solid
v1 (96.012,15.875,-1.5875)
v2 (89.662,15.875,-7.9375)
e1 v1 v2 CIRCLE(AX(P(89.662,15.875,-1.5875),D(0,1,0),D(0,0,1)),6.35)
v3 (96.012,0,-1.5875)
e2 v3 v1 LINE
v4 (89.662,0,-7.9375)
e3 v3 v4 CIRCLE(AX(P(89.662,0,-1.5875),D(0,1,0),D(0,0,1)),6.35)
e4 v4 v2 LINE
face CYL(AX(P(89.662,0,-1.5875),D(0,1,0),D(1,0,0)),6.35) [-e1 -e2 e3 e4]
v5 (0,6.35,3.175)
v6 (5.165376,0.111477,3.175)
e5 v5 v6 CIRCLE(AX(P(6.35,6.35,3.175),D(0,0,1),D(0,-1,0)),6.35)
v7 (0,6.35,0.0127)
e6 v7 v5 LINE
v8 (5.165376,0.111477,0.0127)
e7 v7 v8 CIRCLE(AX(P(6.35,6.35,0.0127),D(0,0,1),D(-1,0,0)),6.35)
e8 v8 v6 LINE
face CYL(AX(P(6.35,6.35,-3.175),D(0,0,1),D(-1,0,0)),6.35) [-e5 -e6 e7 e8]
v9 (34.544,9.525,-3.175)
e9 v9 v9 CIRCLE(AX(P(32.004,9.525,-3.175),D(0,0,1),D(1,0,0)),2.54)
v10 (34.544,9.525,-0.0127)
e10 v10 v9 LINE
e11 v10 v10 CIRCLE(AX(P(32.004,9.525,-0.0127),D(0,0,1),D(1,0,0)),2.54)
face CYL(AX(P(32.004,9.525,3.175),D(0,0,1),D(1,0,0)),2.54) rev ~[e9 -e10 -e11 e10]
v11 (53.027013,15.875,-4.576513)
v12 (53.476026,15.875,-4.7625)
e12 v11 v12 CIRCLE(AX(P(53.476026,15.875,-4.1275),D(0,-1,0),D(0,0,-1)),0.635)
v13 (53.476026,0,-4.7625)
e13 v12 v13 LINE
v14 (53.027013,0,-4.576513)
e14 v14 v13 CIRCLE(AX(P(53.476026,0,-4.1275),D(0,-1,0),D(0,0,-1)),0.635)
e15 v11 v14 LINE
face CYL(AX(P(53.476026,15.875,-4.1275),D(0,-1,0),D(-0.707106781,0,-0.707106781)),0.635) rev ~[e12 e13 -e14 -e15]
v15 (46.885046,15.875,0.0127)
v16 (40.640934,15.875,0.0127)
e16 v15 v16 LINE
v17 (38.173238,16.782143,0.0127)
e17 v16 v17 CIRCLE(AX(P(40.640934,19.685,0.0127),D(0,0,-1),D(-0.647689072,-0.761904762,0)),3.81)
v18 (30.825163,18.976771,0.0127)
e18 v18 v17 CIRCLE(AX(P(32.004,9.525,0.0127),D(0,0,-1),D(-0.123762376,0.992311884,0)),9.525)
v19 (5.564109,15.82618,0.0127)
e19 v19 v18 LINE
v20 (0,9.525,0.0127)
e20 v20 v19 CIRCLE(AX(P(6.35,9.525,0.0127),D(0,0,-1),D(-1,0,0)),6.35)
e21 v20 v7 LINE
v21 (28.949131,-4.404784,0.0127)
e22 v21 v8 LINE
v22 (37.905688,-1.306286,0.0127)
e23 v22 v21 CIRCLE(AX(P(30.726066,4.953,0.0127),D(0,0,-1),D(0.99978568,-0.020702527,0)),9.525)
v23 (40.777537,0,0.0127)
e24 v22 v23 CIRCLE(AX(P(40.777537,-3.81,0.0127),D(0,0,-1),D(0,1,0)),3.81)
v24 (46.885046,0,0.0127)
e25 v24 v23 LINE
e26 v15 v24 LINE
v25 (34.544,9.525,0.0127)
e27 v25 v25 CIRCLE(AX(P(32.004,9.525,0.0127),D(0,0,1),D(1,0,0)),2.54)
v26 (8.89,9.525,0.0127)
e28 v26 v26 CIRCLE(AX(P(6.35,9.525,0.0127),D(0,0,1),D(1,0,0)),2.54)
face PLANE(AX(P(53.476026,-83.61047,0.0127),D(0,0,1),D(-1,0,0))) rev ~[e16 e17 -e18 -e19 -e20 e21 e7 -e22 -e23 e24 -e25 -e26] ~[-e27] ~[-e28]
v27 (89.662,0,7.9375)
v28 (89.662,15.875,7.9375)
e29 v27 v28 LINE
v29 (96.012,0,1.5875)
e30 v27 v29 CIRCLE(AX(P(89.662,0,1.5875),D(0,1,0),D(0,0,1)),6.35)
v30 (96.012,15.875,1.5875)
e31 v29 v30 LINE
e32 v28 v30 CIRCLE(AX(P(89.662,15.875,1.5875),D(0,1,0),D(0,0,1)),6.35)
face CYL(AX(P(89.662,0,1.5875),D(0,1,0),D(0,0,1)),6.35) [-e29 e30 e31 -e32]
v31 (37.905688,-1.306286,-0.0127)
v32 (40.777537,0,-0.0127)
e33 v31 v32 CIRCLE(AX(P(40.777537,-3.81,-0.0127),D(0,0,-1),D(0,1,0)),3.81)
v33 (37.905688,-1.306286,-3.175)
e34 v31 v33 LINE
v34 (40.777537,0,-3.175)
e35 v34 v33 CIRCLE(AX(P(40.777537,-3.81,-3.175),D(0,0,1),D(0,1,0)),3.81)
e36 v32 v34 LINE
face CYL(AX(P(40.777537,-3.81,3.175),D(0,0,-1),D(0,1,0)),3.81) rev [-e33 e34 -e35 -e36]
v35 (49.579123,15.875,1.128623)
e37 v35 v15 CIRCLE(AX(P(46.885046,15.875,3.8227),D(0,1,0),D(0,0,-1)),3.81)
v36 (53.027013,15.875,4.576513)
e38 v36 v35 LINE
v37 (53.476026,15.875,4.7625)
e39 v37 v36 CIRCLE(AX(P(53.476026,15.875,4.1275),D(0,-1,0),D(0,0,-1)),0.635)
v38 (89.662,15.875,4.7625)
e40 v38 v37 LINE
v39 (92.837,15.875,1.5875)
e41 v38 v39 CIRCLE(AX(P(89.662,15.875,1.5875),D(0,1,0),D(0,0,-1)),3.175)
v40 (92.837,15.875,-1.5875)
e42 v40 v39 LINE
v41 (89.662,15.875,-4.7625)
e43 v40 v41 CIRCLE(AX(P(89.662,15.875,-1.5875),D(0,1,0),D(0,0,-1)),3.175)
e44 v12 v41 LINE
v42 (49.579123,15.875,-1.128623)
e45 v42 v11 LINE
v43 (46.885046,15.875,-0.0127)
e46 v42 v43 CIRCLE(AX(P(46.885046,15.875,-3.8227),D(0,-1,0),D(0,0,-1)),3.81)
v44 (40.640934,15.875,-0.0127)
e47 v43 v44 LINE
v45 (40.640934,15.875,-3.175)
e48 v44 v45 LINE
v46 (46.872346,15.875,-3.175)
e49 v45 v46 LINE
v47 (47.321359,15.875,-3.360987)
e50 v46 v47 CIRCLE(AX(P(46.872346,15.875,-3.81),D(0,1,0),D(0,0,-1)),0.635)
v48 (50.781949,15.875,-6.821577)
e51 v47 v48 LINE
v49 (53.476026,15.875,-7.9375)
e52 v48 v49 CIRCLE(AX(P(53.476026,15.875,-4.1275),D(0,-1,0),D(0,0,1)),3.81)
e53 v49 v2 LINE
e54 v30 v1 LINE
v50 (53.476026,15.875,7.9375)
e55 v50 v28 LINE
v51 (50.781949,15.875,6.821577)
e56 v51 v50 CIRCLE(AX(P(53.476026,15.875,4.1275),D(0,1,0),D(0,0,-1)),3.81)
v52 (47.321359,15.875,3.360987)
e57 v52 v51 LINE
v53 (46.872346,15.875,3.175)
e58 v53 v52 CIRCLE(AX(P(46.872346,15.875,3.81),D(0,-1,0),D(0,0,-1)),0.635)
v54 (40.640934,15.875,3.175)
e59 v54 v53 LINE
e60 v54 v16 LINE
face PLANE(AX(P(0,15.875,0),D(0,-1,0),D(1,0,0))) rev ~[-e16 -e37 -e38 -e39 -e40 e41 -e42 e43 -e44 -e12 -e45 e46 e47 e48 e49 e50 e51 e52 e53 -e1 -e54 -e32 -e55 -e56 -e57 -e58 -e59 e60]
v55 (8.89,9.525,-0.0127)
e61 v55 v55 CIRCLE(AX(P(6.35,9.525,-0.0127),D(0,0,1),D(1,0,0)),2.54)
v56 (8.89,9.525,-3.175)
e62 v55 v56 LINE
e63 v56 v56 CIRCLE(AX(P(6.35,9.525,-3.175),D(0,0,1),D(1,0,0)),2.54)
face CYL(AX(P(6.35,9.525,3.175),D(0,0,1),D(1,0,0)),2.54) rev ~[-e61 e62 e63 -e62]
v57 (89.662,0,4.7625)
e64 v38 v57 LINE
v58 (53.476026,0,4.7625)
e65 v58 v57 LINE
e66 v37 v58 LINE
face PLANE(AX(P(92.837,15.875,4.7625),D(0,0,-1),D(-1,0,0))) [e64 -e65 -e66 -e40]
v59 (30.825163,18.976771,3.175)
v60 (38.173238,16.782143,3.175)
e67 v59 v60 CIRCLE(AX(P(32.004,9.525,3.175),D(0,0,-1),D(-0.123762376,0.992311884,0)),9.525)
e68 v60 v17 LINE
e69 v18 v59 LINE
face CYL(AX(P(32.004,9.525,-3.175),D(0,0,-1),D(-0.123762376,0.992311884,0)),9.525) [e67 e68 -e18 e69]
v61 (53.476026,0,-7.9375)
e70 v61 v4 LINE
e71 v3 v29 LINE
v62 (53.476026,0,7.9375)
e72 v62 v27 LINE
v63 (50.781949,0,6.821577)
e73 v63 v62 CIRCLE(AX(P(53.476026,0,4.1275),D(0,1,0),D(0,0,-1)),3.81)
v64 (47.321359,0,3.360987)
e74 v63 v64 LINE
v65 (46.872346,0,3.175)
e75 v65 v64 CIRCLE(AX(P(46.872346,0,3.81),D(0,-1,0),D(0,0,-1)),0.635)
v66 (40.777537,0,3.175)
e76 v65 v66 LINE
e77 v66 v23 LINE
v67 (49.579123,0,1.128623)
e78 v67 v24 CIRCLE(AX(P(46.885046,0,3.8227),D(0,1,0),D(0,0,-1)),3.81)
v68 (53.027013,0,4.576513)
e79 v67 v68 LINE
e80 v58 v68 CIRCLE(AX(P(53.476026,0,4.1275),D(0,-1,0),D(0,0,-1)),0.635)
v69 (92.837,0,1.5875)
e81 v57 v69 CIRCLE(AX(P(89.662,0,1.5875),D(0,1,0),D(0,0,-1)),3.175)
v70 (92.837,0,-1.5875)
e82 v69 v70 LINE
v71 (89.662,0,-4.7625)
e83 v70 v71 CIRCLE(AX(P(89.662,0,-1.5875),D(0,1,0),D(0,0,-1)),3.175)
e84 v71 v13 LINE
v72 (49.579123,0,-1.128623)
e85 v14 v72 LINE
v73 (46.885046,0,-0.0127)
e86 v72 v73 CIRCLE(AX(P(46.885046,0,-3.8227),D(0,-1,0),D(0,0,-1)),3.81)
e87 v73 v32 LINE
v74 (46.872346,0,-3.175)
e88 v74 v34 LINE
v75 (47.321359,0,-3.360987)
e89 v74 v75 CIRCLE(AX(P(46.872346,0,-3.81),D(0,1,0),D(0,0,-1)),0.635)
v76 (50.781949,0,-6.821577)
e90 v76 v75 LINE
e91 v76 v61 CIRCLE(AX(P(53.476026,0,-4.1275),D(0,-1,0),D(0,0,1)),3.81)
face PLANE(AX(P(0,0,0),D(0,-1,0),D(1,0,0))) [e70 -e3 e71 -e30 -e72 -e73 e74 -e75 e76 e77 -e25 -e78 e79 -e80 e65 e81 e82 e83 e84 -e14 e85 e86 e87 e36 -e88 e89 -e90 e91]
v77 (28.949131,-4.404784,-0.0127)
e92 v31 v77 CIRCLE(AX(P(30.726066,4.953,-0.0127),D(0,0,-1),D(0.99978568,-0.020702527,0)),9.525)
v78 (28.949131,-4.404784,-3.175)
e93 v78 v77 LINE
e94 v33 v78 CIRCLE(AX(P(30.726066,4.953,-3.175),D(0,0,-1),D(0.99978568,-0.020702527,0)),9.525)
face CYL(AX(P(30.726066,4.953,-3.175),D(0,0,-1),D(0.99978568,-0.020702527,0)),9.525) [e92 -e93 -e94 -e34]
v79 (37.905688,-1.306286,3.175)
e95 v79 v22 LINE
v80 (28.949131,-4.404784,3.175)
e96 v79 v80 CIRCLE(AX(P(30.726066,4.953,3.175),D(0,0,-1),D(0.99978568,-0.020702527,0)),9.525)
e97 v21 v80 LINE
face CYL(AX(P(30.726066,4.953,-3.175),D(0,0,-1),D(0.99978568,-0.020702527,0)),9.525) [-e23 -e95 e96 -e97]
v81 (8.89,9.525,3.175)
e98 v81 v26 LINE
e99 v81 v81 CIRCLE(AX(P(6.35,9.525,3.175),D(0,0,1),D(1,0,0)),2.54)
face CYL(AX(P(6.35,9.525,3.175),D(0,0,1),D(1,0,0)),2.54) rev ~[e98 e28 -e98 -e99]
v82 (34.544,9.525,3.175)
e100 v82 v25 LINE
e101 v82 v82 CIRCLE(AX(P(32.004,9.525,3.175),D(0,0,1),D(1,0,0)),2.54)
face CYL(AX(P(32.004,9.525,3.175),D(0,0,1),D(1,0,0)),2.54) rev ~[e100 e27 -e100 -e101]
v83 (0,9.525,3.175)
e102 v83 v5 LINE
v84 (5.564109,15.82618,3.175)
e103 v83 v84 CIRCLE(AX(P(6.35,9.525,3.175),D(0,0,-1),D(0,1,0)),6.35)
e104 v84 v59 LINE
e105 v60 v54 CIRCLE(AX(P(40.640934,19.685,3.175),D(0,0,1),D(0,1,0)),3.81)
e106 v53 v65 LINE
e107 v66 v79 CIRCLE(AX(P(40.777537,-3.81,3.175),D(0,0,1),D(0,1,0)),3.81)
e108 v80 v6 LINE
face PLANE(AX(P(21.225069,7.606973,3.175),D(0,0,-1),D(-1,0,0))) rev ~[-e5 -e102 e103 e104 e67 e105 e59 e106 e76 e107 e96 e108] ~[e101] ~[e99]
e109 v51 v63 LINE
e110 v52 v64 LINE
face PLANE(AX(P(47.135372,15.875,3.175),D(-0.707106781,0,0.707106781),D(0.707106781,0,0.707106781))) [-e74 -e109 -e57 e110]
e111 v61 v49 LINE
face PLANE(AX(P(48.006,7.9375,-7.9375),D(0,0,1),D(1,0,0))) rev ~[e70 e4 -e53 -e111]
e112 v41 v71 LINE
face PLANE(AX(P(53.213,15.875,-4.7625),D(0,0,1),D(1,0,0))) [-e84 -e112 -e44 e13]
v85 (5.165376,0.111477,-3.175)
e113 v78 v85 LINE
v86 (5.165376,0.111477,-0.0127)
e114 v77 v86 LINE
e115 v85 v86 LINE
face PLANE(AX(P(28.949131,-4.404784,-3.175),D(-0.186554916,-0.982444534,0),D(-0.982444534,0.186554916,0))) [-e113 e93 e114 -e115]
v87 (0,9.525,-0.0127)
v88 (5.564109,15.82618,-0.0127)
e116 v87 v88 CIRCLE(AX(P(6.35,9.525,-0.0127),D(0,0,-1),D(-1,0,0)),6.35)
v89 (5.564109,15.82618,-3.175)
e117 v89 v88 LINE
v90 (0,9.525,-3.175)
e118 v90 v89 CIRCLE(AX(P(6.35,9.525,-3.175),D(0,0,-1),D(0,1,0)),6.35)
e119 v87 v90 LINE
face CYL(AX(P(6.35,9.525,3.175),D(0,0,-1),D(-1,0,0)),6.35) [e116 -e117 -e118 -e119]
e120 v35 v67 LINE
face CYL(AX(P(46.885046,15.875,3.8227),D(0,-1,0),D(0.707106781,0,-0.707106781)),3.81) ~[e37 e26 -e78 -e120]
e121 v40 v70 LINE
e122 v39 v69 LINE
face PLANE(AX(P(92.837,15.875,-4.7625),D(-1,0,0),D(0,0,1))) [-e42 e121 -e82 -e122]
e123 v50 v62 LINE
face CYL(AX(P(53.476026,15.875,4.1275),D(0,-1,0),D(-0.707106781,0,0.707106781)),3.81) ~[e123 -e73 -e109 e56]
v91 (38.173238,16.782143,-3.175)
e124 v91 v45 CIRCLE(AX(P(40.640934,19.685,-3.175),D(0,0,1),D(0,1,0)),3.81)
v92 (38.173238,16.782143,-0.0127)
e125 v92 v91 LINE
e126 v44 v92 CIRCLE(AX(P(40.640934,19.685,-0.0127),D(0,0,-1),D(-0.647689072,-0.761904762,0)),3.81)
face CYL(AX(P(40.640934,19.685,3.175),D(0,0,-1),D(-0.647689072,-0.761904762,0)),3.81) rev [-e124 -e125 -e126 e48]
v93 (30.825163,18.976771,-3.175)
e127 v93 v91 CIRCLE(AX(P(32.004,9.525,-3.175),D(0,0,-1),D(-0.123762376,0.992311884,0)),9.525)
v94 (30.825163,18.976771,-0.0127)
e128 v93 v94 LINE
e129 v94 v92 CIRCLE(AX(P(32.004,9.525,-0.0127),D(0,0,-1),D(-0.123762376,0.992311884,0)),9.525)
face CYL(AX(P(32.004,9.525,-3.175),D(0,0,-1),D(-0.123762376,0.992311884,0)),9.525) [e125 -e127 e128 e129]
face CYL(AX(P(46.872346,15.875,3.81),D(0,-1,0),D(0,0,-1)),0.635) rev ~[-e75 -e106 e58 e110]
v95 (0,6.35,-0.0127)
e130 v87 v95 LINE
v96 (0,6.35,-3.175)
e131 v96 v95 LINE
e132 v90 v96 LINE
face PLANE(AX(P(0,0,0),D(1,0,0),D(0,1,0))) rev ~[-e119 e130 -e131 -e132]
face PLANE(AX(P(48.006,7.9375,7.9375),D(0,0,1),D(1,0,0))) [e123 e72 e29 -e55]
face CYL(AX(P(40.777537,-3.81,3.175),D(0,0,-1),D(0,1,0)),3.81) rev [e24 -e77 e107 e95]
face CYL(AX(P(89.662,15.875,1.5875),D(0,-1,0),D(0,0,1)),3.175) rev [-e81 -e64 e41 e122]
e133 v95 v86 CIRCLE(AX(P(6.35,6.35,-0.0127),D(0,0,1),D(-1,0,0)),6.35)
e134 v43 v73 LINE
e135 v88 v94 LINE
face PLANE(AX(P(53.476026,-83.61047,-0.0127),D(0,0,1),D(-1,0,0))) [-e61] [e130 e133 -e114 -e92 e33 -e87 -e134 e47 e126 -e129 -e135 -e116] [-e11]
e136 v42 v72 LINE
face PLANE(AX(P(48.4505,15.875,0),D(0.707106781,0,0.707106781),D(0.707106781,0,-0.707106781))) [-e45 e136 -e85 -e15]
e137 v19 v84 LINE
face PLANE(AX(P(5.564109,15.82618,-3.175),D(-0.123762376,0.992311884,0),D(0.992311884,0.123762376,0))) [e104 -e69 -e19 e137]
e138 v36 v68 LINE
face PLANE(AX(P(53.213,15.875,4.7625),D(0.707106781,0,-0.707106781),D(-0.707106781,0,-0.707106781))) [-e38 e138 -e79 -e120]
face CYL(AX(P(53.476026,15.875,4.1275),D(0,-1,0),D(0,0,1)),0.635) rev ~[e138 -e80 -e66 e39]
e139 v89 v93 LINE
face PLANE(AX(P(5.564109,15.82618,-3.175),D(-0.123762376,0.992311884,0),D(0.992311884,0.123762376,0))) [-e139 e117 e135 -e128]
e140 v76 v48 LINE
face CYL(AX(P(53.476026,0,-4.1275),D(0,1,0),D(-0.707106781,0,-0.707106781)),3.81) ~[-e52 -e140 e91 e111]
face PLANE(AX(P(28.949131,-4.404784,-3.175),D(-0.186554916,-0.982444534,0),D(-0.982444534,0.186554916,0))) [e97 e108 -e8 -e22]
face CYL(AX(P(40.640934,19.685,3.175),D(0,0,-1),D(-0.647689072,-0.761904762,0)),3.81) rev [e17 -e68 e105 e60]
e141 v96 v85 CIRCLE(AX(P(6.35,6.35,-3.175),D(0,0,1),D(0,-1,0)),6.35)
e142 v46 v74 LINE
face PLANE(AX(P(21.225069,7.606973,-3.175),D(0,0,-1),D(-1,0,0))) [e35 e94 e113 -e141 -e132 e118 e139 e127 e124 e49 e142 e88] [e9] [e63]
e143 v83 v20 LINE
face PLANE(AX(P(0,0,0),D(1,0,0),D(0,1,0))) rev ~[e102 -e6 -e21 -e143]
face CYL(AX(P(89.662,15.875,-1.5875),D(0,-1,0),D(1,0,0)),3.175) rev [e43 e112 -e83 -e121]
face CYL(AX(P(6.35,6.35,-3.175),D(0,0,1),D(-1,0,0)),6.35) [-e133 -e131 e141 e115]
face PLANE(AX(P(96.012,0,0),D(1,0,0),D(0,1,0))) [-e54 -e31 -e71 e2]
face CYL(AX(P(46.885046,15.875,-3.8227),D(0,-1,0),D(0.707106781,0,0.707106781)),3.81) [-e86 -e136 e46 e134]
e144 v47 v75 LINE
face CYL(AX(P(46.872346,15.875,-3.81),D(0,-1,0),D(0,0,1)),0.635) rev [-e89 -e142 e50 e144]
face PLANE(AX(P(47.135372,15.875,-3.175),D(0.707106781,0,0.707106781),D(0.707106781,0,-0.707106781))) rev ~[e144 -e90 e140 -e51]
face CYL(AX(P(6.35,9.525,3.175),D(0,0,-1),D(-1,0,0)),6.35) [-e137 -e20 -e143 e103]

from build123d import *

# Parameters (mm, degrees)
SKETCH1_W               = 96.012
SKETCH1_H               = 15.875
BASE_EXTRUDE_DEPTH      = 7.9375
CUT_EXTRUDE1_DEPTH      = 98.638740648
FILLET5_R               = 0.635
FILLET6_R               = 3.81
FILLET7_R               = 3.175
FILLET8_R               = 6.35
FILLET9_R               = 6.35
FILLET10_R              = 6.35
BOSS_EXTRUDE3_START     = -6.35
BOSS_EXTRUDE3_DEPTH     = 6.35
FILLET11_R              = 3.81
SKETCH7_R               = 2.54
CUT_EXTRUDE5_DEPTH      = 99.512406834
CUT_EXTRUDE6_DEPTH      = 99.485470295
CUT_EXTRUDE6_DEPTH_BACK = 99.485470295
SKETCH8_W               = 56.651025612
SKETCH8_H               = 0.0254
FILLET12_R              = 3.81
FILLET13_R              = 3.81


with BuildPart() as part:
    # Sketch1 → Base-Extrude (new, symmetric)
    with BuildSketch(Plane.XY):
        with Locations((48.006, 7.9375)):
            Rectangle(SKETCH1_W, SKETCH1_H)
    extrude(amount=BASE_EXTRUDE_DEPTH, both=True)

    # Sketch3 → Cut-Extrude1 (cut, through all)
    with BuildSketch(Plane(origin=(0, 15.875, 0), x_dir=(-1, 0, 0), z_dir=(0, 1, 0))):
        Polygon((-53.213, -4.7625), (-92.837, -4.7625), (-92.837, 4.7625), (-53.213, 4.7625), (-48.4505, 0), align=None)
        Polygon((2.11806403, -3.175), (-47.135371939, -3.175), (-55.848364541, -11.887992602), (2.11806403, -11.887992602), align=None)
        Polygon((2.11806403, 3.175), (-47.135371939, 3.175), (-55.848364541, 11.887992602), (2.11806403, 11.887992602), align=None)
    extrude(amount=-CUT_EXTRUDE1_DEPTH, mode=Mode.SUBTRACT)

    # Fillet5
    fillet5_edges = [part.edges().sort_by_distance(p)[0] for p in [
        (53.213, 7.9375, -4.7625),
        (53.213, 7.9375, 4.7625),
        (47.135371939, 7.9375, 3.175),
        (47.135371939, 7.9375, -3.175),
    ]]
    fillet(fillet5_edges, radius=FILLET5_R)

    # Fillet6
    fillet6_edges = [part.edges().sort_by_distance(p)[0] for p in [
        (51.897871939, 7.9375, 7.9375),
        (51.897871939, 7.9375, -7.9375),
    ]]
    fillet(fillet6_edges, radius=FILLET6_R)

    # Fillet7
    fillet7_edges = [part.edges().sort_by_distance(p)[0] for p in [
        (92.837, 7.9375, -4.7625),
        (92.837, 7.9375, 4.7625),
    ]]
    fillet(fillet7_edges, radius=FILLET7_R)

    # Fillet8
    fillet8_edges = [part.edges().sort_by_distance(p)[0] for p in [
        (96.012, 7.9375, 7.9375),
        (96.012, 7.9375, -7.9375),
    ]]
    fillet(fillet8_edges, radius=FILLET8_R)

    # Fillet9
    fillet9_edges = [part.edges().sort_by_distance(p)[0] for p in [
        (0, 15.875, 0),
    ]]
    fillet(fillet9_edges, radius=FILLET9_R)

    # Fillet10
    fillet10_edges = [part.edges().sort_by_distance(p)[0] for p in [
        (0, 0, 0),
    ]]
    fillet(fillet10_edges, radius=FILLET10_R)

    # Sketch6 → Boss-Extrude3 (add)
    with BuildSketch(Plane.XY.offset(3.175).offset(BOSS_EXTRUDE3_START)):
        with BuildLine():
            Line((5.564108911, 15.826180461), (30.825163366, 18.976770691))
            ThreePointArc((30.825163366, 18.976770691), (39.943880119, 14.786551928), (40.249024971, 4.755808431))
            ThreePointArc((40.249024971, 4.755808431), (36.72434383, -2.446073762), (28.949130797, -4.404784191))
            Line((28.949130797, -4.404784191), (5.165376283, 0.111477206))
            ThreePointArc((5.165376283, 0.111477206), (1.458943846, 2.300300048), (0, 6.35))
            Line((0, 6.35), (0, 9.525))
            ThreePointArc((0, 9.525), (1.590120358, 13.728099546), (5.564108911, 15.826180461))
        make_face()
    extrude(amount=BOSS_EXTRUDE3_DEPTH)

    # Fillet11
    fillet11_edges = [part.edges().sort_by_distance(p)[0] for p in [
        (38.862, 0, 0),
        (39.103515829, 15.875, 0),
    ]]
    fillet(fillet11_edges, radius=FILLET11_R)

    # Sketch7 → Cut-Extrude5 (cut, through all)
    with BuildSketch(Plane.XY.offset(3.175)):
        with Locations((6.35, 9.525)):
            Circle(SKETCH7_R)
        with Locations((32.004, 9.525)):
            Circle(SKETCH7_R)
    extrude(amount=-CUT_EXTRUDE5_DEPTH, mode=Mode.SUBTRACT)

    # Sketch8 → Cut-Extrude6 (cut, two sides: drawn at the far end of the back side and taken through both)
    with BuildSketch(Plane(origin=(0, 15.875, 0), x_dir=(-1, 0, 0), z_dir=(0, 1, 0)).offset(-CUT_EXTRUDE6_DEPTH_BACK)):
        with Locations((-25.150512806, 0)):
            Rectangle(SKETCH8_W, SKETCH8_H)
    extrude(amount=CUT_EXTRUDE6_DEPTH + CUT_EXTRUDE6_DEPTH_BACK, mode=Mode.SUBTRACT)

    # Fillet12
    fillet12_edges = [part.edges().sort_by_distance(p)[0] for p in [
        (48.4632, 7.9375, 0.0127),
    ]]
    fillet(fillet12_edges, radius=FILLET12_R)

    # Fillet13
    fillet13_edges = [part.edges().sort_by_distance(p)[0] for p in [
        (48.4632, 7.9375, -0.0127),
    ]]
    fillet(fillet13_edges, radius=FILLET13_R)


solid = part.part
